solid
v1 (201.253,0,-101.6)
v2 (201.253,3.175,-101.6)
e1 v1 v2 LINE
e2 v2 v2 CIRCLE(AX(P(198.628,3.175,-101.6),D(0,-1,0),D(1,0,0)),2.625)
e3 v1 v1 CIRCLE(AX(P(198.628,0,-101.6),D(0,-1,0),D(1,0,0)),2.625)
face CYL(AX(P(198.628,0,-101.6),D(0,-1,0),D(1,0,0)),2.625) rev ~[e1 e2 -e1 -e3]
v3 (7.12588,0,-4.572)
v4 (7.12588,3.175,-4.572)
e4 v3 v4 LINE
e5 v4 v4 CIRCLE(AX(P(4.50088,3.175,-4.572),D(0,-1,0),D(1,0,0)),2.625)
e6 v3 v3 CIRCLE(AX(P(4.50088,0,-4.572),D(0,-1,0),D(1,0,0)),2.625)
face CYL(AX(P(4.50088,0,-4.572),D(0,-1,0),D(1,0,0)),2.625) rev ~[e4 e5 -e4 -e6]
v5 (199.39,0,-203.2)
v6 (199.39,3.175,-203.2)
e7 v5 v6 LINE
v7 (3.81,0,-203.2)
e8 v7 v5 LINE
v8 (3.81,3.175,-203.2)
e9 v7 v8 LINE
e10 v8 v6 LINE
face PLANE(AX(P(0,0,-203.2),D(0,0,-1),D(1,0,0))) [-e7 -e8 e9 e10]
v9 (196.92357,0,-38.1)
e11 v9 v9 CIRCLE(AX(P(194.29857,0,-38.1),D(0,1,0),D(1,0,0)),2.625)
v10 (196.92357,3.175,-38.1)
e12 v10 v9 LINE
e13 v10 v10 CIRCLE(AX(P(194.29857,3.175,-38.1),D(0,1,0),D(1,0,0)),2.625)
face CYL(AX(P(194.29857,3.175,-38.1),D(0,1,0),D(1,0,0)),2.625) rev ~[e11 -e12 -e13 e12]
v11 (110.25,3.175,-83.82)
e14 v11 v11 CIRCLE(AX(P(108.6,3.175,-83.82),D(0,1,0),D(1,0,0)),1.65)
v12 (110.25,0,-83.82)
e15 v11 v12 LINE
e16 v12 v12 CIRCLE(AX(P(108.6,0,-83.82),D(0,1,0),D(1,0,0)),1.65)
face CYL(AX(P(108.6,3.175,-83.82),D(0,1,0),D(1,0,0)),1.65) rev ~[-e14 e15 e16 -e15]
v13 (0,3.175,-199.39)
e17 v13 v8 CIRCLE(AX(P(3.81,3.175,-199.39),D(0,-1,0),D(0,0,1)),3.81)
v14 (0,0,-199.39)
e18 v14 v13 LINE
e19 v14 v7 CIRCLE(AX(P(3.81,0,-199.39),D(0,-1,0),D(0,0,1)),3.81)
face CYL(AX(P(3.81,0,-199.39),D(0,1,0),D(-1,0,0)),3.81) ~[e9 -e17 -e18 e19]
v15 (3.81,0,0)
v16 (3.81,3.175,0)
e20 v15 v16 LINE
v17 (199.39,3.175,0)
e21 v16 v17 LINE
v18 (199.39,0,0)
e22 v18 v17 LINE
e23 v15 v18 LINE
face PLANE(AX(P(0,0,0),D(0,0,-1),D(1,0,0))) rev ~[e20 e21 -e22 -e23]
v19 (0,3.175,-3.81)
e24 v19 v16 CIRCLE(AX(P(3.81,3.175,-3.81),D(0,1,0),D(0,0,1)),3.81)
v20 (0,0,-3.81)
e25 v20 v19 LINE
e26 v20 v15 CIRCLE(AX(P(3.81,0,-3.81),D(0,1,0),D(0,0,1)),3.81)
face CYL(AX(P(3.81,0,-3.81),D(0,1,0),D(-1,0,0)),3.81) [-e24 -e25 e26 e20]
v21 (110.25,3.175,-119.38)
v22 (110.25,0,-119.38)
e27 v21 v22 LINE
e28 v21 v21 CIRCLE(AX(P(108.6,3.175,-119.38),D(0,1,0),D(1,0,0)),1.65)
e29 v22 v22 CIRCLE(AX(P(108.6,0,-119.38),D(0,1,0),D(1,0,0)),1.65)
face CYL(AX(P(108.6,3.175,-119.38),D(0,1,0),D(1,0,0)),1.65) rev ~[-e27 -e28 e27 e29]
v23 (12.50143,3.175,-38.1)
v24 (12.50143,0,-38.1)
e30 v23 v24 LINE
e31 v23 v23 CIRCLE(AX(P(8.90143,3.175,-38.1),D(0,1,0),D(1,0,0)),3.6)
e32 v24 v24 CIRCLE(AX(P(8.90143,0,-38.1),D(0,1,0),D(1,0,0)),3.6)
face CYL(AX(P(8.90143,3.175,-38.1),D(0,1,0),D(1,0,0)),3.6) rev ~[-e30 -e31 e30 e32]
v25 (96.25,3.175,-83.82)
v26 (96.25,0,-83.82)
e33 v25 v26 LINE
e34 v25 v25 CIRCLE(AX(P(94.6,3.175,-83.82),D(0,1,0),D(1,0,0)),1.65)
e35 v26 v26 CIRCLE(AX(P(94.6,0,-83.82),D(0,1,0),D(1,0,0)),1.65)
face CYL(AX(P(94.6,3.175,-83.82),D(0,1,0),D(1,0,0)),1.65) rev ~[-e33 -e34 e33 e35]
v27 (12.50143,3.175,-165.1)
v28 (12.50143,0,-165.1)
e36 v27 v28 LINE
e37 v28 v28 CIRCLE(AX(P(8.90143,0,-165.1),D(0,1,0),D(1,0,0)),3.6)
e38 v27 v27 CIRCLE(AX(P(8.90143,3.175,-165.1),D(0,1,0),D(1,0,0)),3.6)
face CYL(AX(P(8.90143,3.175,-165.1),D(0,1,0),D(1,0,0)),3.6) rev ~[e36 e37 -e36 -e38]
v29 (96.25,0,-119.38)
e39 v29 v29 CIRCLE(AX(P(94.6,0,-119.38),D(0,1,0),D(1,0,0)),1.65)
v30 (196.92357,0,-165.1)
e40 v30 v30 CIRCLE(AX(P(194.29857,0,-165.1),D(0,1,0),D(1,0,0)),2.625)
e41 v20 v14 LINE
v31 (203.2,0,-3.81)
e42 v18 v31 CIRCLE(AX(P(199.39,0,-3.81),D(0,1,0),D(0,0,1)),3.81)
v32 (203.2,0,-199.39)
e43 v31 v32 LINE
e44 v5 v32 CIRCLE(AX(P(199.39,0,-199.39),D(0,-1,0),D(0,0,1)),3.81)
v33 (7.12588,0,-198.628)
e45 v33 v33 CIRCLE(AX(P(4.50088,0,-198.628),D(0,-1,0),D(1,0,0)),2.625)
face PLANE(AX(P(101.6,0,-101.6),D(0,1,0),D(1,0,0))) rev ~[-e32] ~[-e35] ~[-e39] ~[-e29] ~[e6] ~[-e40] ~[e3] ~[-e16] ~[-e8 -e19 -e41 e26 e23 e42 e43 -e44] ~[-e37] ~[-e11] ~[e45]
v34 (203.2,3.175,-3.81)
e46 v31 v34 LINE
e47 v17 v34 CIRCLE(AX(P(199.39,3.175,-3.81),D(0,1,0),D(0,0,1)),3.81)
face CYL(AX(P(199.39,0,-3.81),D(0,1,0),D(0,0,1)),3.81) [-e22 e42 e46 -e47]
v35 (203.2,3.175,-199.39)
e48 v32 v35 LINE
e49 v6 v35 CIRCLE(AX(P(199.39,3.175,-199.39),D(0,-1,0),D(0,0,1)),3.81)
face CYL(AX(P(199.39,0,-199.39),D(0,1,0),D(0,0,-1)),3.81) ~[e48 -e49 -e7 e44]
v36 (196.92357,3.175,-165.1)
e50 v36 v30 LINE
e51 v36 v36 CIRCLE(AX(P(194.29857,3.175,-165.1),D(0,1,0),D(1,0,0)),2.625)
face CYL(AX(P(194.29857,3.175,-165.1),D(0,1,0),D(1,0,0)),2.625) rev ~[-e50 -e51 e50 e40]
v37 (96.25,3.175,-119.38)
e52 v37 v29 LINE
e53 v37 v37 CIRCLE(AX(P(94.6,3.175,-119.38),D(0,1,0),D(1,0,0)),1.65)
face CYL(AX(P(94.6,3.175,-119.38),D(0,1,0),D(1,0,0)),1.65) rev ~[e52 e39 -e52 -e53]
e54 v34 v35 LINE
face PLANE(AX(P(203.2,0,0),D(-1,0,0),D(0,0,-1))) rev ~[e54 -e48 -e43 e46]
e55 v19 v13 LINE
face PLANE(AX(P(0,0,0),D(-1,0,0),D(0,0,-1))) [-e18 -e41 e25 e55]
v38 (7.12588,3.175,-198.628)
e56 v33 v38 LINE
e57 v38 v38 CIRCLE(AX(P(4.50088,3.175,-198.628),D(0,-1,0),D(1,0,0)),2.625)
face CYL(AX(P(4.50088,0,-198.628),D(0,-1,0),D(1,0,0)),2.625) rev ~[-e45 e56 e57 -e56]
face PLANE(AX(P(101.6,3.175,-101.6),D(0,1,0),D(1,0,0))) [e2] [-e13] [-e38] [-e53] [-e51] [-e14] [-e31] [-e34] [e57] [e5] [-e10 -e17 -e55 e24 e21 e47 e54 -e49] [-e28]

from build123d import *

# Parameters (mm, degrees)
SKETCH1_W               = 203.2
SKETCH1_H               = 203.2
BOSS_EXTRUDE1_DEPTH     = 3.175
WHEEL_HOLES_REACH       = 5.175
SKETCH2_R               = 3.6
SKETCH2_R_2             = 2.625
BUILD_PLATE_HOLES_REACH = 5.175
SKETCH3_R               = 2.625
FILLET1_R               = 3.81
BELT_CLAMP_HOLES_REACH  = 5.175
SKETCH4_R               = 1.65


with BuildPart() as part:
    # Sketch1 → Boss-Extrude1 (new body)
    with BuildSketch(Plane(origin=(0, 0, 0), x_dir=(1, 0, 0), z_dir=(0, 1, 0))):
        with Locations((101.6, 101.6)):
            Rectangle(SKETCH1_W, SKETCH1_H)
    extrude(amount=BOSS_EXTRUDE1_DEPTH)

    # Sketch2 → wheel holes (cut, up to next)
    with BuildSketch(Plane(origin=(0, 3.175, 0), x_dir=(1, 0, 0), z_dir=(0, 1, 0)), mode=Mode.PRIVATE) as wheel_holes_sk1:
        with Locations((8.90143, 38.1)):
            Circle(SKETCH2_R)
    wheel_holes_tool1 = extrude(wheel_holes_sk1.sketch, amount=-WHEEL_HOLES_REACH, mode=Mode.PRIVATE) & part.part
    add(wheel_holes_tool1.solids().sort_by_distance((8.90143, 3.175, -38.1))[0], mode=Mode.SUBTRACT)
    # Sketch2 → wheel holes (cut, up to next)
    with BuildSketch(Plane(origin=(0, 3.175, 0), x_dir=(1, 0, 0), z_dir=(0, 1, 0)), mode=Mode.PRIVATE) as wheel_holes_sk2:
        with Locations((8.90143, 165.1)):
            Circle(SKETCH2_R)
    wheel_holes_tool2 = extrude(wheel_holes_sk2.sketch, amount=-WHEEL_HOLES_REACH, mode=Mode.PRIVATE) & part.part
    add(wheel_holes_tool2.solids().sort_by_distance((8.90143, 3.175, -165.1))[0], mode=Mode.SUBTRACT)
    # Sketch2 → wheel holes (cut, up to next)
    with BuildSketch(Plane(origin=(0, 3.175, 0), x_dir=(1, 0, 0), z_dir=(0, 1, 0)), mode=Mode.PRIVATE) as wheel_holes_sk3:
        with Locations((194.29857, 38.1)):
            Circle(SKETCH2_R_2)
    wheel_holes_tool3 = extrude(wheel_holes_sk3.sketch, amount=-WHEEL_HOLES_REACH, mode=Mode.PRIVATE) & part.part
    add(wheel_holes_tool3.solids().sort_by_distance((194.29857, 3.175, -38.1))[0], mode=Mode.SUBTRACT)
    # Sketch2 → wheel holes (cut, up to next)
    with BuildSketch(Plane(origin=(0, 3.175, 0), x_dir=(1, 0, 0), z_dir=(0, 1, 0)), mode=Mode.PRIVATE) as wheel_holes_sk4:
        with Locations((194.29857, 165.1)):
            Circle(SKETCH2_R_2)
    wheel_holes_tool4 = extrude(wheel_holes_sk4.sketch, amount=-WHEEL_HOLES_REACH, mode=Mode.PRIVATE) & part.part
    add(wheel_holes_tool4.solids().sort_by_distance((194.29857, 3.175, -165.1))[0], mode=Mode.SUBTRACT)

    # Sketch3 → build plate holes (cut, up to next)
    with BuildSketch(Plane.XZ, mode=Mode.PRIVATE) as build_plate_holes_sk1:
        with Locations((4.50088, -4.572)):
            Circle(SKETCH3_R)
    build_plate_holes_tool1 = extrude(build_plate_holes_sk1.sketch, amount=-BUILD_PLATE_HOLES_REACH, mode=Mode.PRIVATE) & part.part
    add(build_plate_holes_tool1.solids().sort_by_distance((4.50088, 0, -4.572))[0], mode=Mode.SUBTRACT)
    # Sketch3 → build plate holes (cut, up to next)
    with BuildSketch(Plane.XZ, mode=Mode.PRIVATE) as build_plate_holes_sk2:
        with Locations((4.50088, -198.628)):
            Circle(SKETCH3_R)
    build_plate_holes_tool2 = extrude(build_plate_holes_sk2.sketch, amount=-BUILD_PLATE_HOLES_REACH, mode=Mode.PRIVATE) & part.part
    add(build_plate_holes_tool2.solids().sort_by_distance((4.50088, 0, -198.628))[0], mode=Mode.SUBTRACT)
    # Sketch3 → build plate holes (cut, up to next)
    with BuildSketch(Plane.XZ, mode=Mode.PRIVATE) as build_plate_holes_sk3:
        with Locations((198.628, -101.6)):
            Circle(SKETCH3_R)
    build_plate_holes_tool3 = extrude(build_plate_holes_sk3.sketch, amount=-BUILD_PLATE_HOLES_REACH, mode=Mode.PRIVATE) & part.part
    add(build_plate_holes_tool3.solids().sort_by_distance((198.628, 0, -101.6))[0], mode=Mode.SUBTRACT)

    # Fillet1
    fillet1_edges = [part.edges().sort_by_distance(p)[0] for p in [
        (0, 1.5875, -203.2),
        (203.2, 1.5875, -203.2),
        (203.2, 1.5875, 0),
        (0, 1.5875, 0),
    ]]
    fillet(fillet1_edges, radius=FILLET1_R)

    # Sketch4 → belt clamp holes (cut, up to next)
    with BuildSketch(Plane(origin=(0, 3.175, 0), x_dir=(1, 0, 0), z_dir=(0, 1, 0)), mode=Mode.PRIVATE) as belt_clamp_holes_sk1:
        with Locations((94.6, 119.38)):
            Circle(SKETCH4_R)
    belt_clamp_holes_tool1 = extrude(belt_clamp_holes_sk1.sketch, amount=-BELT_CLAMP_HOLES_REACH, mode=Mode.PRIVATE) & part.part
    add(belt_clamp_holes_tool1.solids().sort_by_distance((94.6, 3.175, -119.38))[0], mode=Mode.SUBTRACT)
    # Sketch4 → belt clamp holes (cut, up to next)
    with BuildSketch(Plane(origin=(0, 3.175, 0), x_dir=(1, 0, 0), z_dir=(0, 1, 0)), mode=Mode.PRIVATE) as belt_clamp_holes_sk2:
        with Locations((108.6, 119.38)):
            Circle(SKETCH4_R)
    belt_clamp_holes_tool2 = extrude(belt_clamp_holes_sk2.sketch, amount=-BELT_CLAMP_HOLES_REACH, mode=Mode.PRIVATE) & part.part
    add(belt_clamp_holes_tool2.solids().sort_by_distance((108.6, 3.175, -119.38))[0], mode=Mode.SUBTRACT)
    # Sketch4 → belt clamp holes (cut, up to next)
    with BuildSketch(Plane(origin=(0, 3.175, 0), x_dir=(1, 0, 0), z_dir=(0, 1, 0)), mode=Mode.PRIVATE) as belt_clamp_holes_sk3:
        with Locations((108.6, 83.82)):
            Circle(SKETCH4_R)
    belt_clamp_holes_tool3 = extrude(belt_clamp_holes_sk3.sketch, amount=-BELT_CLAMP_HOLES_REACH, mode=Mode.PRIVATE) & part.part
    add(belt_clamp_holes_tool3.solids().sort_by_distance((108.6, 3.175, -83.82))[0], mode=Mode.SUBTRACT)
    # Sketch4 → belt clamp holes (cut, up to next)
    with BuildSketch(Plane(origin=(0, 3.175, 0), x_dir=(1, 0, 0), z_dir=(0, 1, 0)), mode=Mode.PRIVATE) as belt_clamp_holes_sk4:
        with Locations((94.6, 83.82)):
            Circle(SKETCH4_R)
    belt_clamp_holes_tool4 = extrude(belt_clamp_holes_sk4.sketch, amount=-BELT_CLAMP_HOLES_REACH, mode=Mode.PRIVATE) & part.part
    add(belt_clamp_holes_tool4.solids().sort_by_distance((94.6, 3.175, -83.82))[0], mode=Mode.SUBTRACT)


solid = part.part
